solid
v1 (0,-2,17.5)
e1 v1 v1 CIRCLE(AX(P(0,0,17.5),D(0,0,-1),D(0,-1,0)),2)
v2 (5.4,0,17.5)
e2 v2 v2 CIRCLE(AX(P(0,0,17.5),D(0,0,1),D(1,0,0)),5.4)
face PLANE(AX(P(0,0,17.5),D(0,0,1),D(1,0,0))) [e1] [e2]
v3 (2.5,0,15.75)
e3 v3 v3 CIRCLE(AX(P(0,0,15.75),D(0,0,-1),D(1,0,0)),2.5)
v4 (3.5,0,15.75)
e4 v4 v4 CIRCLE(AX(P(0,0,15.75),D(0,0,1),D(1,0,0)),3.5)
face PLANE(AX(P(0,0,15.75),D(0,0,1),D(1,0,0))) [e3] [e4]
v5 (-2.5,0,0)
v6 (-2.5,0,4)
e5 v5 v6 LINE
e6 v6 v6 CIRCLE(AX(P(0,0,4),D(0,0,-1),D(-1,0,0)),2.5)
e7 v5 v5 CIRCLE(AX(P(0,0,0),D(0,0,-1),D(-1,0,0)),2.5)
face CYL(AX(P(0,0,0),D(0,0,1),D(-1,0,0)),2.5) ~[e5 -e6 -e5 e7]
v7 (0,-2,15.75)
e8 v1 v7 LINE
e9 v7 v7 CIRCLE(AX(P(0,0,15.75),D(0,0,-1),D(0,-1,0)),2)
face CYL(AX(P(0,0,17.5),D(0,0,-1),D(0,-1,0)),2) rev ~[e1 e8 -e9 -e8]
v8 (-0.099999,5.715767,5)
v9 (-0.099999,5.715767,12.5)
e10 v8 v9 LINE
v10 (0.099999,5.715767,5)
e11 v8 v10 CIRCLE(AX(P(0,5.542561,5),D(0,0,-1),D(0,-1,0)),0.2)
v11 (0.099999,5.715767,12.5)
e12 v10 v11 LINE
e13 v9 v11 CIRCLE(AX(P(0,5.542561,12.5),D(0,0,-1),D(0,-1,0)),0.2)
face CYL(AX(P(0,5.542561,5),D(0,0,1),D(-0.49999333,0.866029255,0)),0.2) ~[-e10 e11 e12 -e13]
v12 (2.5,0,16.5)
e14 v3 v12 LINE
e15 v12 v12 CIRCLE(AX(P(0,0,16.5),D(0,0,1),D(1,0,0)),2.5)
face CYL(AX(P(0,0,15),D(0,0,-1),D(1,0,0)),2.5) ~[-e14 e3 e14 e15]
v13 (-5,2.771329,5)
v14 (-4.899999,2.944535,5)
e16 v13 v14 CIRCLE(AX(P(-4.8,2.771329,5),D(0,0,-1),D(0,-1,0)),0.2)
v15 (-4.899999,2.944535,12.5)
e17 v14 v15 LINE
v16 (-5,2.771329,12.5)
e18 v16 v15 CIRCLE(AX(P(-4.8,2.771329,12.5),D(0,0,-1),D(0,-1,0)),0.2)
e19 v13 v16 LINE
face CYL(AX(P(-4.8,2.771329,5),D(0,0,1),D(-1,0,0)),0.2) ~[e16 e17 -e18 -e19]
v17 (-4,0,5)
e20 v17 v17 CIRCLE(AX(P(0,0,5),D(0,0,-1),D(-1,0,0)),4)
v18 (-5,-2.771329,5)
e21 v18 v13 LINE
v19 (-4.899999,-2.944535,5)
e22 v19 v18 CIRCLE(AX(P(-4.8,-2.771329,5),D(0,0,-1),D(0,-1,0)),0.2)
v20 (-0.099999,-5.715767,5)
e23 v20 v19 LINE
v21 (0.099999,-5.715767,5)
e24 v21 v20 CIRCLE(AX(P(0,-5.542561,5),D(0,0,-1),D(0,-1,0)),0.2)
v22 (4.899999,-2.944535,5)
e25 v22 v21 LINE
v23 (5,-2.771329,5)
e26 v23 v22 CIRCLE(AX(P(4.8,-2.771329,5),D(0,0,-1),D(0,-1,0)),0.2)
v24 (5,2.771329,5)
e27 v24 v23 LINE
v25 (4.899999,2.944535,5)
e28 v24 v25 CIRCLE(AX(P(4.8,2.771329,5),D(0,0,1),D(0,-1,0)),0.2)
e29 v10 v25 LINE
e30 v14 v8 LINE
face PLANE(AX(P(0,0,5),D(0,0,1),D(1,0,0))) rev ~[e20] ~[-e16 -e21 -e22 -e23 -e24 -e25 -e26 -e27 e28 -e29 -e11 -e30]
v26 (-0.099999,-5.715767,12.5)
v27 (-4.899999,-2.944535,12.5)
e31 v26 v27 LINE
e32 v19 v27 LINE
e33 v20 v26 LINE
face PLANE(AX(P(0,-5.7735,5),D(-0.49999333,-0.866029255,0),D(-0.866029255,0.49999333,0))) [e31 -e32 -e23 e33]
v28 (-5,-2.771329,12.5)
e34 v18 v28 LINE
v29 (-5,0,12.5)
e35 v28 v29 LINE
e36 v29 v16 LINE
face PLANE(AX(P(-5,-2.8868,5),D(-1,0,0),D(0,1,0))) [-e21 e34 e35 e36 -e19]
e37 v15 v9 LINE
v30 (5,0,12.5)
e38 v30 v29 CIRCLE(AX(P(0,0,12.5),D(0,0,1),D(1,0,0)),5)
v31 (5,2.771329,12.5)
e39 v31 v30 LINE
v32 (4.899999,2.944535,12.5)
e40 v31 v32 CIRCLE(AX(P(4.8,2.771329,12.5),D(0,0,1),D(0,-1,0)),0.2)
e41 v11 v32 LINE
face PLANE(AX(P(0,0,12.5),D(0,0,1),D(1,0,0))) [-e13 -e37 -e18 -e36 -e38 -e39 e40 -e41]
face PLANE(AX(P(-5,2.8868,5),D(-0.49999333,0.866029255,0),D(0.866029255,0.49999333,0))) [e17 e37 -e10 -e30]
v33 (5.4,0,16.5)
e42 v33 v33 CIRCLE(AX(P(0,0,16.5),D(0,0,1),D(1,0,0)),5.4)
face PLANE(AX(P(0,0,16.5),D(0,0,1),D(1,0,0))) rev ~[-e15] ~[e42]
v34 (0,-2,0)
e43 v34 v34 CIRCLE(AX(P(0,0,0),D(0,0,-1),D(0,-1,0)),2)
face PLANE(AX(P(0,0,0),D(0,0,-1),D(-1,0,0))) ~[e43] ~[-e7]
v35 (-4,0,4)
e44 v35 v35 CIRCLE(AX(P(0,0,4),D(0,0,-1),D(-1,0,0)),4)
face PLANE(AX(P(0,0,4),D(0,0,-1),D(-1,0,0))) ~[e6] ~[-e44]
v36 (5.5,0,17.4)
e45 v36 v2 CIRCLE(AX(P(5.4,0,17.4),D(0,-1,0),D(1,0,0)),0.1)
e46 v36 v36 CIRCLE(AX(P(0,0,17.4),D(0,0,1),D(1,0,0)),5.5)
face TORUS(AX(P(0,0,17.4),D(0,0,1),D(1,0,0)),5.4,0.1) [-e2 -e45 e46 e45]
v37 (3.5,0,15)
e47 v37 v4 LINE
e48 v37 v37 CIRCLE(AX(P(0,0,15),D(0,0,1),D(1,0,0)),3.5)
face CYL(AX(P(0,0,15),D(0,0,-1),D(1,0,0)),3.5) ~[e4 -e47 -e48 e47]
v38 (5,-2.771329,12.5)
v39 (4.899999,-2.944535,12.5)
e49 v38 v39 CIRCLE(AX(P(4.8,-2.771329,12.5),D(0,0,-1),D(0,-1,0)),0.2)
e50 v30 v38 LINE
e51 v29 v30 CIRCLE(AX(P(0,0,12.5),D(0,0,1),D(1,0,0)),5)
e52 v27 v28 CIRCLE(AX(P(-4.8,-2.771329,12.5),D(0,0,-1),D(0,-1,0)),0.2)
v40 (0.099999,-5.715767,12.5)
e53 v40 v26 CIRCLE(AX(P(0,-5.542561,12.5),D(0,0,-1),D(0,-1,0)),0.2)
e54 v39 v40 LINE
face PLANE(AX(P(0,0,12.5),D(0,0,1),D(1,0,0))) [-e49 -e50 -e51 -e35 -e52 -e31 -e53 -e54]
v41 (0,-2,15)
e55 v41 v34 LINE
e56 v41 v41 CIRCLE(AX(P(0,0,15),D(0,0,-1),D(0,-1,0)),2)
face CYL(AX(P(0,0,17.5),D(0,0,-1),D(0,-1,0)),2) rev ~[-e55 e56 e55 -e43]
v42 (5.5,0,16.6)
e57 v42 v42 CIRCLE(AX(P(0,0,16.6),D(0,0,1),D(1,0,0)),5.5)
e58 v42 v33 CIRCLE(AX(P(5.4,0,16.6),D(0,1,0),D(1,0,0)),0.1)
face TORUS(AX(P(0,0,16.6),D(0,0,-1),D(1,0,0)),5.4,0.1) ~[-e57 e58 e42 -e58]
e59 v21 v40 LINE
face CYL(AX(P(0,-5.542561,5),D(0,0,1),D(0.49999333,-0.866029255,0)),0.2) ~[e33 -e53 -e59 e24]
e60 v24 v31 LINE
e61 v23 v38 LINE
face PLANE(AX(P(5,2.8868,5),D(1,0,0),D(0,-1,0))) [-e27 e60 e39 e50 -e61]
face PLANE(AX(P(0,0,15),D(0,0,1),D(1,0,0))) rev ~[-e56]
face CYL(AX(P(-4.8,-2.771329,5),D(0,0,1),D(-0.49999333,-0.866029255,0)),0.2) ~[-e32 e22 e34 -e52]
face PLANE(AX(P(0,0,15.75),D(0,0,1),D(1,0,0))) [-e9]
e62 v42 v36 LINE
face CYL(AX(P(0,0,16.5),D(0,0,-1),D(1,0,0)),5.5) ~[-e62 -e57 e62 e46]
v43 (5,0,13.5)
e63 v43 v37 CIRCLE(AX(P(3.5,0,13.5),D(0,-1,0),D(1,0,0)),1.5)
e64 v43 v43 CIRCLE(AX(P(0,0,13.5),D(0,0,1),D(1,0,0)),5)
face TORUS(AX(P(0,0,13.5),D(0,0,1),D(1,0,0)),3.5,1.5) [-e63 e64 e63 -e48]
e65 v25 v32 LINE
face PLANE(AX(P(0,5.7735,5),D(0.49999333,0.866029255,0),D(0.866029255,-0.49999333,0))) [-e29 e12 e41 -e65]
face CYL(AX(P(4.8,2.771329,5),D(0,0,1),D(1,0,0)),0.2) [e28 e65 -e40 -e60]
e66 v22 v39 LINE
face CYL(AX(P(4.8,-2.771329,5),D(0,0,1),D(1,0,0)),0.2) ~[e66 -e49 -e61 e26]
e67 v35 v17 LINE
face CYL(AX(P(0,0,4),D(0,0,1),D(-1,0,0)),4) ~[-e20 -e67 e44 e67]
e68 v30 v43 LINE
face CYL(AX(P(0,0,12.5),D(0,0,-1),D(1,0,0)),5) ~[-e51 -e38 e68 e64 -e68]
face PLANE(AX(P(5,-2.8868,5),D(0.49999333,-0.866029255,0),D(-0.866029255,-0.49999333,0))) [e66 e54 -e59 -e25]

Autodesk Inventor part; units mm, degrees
ref_plane "YZ Plane" through (0, 0, 0) normal (1, 0, 0) x (0, 1, 0)
ref_plane "XZ Plane" through (0, 0, 0) normal (0, 1, 0) x (-1, 0, 0)
ref_plane "XY Plane" through (0, 0, 0) normal (0, 0, 1) x (1, 0, 0)
sketch "Sketch1" plane through (0, 0, 0) normal (0, 1, 0) x (-1, 0, 0)
  line L0 (0, 0) -> (2.5, 0)
  line L1 (2.5, 0) -> (2.5, 4)
  line L2 (2.5, 4) -> (4, 4)
  line L3 (4, 4) -> (4, 5)
  line L4 (4, 5) -> (0, 5)
  line L5 (0, 5) -> (0, 0)
  dimension "d0" = 2.5
  dimension "d1" = 4
  dimension "d2" = 1.5
revolve "Revolution1" add sketch "Sketch1" angle 360 about axis through (0, 0, 5) along (0, 0, -1)
thread "Thread1" size "M5x0.8" class "6g" standard "ANSI Metric M Profile" full length
sketch "Sketch2" plane through (0, 0, 5) normal (0, 0, 1) x (1, 0, 0)
  line L0 (5, 2.8868) -> (5, -2.8868)
  line L1 (5, -2.8868) -> (0, -5.7735)
  line L2 (0, -5.7735) -> (-5, -2.8868)
  line L3 (-5, -2.8868) -> (-5, 2.8868)
  line L4 (-5, 2.8868) -> (0, 5.7735)
  line L5 (0, 5.7735) -> (5, 2.8868)
  point P0 (0, 0)
  point P1 (0, 0)
  dimension "d9" = 10
extrude "Extrusion1" add sketch "Sketch2" along normal blind 7.5
sketch "Sketch3" plane through (0, 0, 12.5) normal (0, 0, 1) x (1, 0, 0)
  circle A0 centre (0, 0) radius 5
  dimension "d12" = 10
extrude "Extrusion2" add sketch "Sketch3" along normal blind 2.5
fillet "Fillet1" radius 1.5 1 edges at (-5, 0, 15)
sketch "Sketch4" plane through (0, 0, 15) normal (0, 0, 1) x (1, 0, 0)
  circle A0 centre (0, 0) radius 2.5
  dimension "d16" = 5
extrude "Extrusion3" add sketch "Sketch4" along normal blind 1.5
sketch "Sketch5" plane through (0, 0, 16.5) normal (0, 0, 1) x (1, 0, 0)
  circle A0 centre (0, 0) radius 5.5
  dimension "d19" = 11
extrude "Extrusion4" add sketch "Sketch5" along normal blind 1
sketch "Sketch6" plane through (0, 0, 17.5) normal (0, 0, 1) x (1, 0, 0)
  circle A0 centre (0, 0) radius 2.5 projected
hole "Hole1" at (0, 0, 17.5) direction (0, 0, -1) diameter 4 end through all
fillet "Fillet2" radius 0.1 2 edges at (-5.5, 0, 17.5) (-5.5, 0, 16.5)
fillet "Fillet3" radius 0.2 6 edges at (0, -5.7735, 8.75) (5, -2.8868, 8.75) (5, 2.8868, 8.75) (0, 5.7735, 8.75) (-5, 2.8868, 8.75) (-5, -2.8868, 8.75)
sketch "Sketch7" plane through (0, 0, 15) normal (0, 0, 1) x (1, 0, 0)
  circle A0 centre (0, 0) radius 3.5
extrude "Extrusion5" add sketch "Sketch7" along normal blind 0.75
properties part number "Bowden"
